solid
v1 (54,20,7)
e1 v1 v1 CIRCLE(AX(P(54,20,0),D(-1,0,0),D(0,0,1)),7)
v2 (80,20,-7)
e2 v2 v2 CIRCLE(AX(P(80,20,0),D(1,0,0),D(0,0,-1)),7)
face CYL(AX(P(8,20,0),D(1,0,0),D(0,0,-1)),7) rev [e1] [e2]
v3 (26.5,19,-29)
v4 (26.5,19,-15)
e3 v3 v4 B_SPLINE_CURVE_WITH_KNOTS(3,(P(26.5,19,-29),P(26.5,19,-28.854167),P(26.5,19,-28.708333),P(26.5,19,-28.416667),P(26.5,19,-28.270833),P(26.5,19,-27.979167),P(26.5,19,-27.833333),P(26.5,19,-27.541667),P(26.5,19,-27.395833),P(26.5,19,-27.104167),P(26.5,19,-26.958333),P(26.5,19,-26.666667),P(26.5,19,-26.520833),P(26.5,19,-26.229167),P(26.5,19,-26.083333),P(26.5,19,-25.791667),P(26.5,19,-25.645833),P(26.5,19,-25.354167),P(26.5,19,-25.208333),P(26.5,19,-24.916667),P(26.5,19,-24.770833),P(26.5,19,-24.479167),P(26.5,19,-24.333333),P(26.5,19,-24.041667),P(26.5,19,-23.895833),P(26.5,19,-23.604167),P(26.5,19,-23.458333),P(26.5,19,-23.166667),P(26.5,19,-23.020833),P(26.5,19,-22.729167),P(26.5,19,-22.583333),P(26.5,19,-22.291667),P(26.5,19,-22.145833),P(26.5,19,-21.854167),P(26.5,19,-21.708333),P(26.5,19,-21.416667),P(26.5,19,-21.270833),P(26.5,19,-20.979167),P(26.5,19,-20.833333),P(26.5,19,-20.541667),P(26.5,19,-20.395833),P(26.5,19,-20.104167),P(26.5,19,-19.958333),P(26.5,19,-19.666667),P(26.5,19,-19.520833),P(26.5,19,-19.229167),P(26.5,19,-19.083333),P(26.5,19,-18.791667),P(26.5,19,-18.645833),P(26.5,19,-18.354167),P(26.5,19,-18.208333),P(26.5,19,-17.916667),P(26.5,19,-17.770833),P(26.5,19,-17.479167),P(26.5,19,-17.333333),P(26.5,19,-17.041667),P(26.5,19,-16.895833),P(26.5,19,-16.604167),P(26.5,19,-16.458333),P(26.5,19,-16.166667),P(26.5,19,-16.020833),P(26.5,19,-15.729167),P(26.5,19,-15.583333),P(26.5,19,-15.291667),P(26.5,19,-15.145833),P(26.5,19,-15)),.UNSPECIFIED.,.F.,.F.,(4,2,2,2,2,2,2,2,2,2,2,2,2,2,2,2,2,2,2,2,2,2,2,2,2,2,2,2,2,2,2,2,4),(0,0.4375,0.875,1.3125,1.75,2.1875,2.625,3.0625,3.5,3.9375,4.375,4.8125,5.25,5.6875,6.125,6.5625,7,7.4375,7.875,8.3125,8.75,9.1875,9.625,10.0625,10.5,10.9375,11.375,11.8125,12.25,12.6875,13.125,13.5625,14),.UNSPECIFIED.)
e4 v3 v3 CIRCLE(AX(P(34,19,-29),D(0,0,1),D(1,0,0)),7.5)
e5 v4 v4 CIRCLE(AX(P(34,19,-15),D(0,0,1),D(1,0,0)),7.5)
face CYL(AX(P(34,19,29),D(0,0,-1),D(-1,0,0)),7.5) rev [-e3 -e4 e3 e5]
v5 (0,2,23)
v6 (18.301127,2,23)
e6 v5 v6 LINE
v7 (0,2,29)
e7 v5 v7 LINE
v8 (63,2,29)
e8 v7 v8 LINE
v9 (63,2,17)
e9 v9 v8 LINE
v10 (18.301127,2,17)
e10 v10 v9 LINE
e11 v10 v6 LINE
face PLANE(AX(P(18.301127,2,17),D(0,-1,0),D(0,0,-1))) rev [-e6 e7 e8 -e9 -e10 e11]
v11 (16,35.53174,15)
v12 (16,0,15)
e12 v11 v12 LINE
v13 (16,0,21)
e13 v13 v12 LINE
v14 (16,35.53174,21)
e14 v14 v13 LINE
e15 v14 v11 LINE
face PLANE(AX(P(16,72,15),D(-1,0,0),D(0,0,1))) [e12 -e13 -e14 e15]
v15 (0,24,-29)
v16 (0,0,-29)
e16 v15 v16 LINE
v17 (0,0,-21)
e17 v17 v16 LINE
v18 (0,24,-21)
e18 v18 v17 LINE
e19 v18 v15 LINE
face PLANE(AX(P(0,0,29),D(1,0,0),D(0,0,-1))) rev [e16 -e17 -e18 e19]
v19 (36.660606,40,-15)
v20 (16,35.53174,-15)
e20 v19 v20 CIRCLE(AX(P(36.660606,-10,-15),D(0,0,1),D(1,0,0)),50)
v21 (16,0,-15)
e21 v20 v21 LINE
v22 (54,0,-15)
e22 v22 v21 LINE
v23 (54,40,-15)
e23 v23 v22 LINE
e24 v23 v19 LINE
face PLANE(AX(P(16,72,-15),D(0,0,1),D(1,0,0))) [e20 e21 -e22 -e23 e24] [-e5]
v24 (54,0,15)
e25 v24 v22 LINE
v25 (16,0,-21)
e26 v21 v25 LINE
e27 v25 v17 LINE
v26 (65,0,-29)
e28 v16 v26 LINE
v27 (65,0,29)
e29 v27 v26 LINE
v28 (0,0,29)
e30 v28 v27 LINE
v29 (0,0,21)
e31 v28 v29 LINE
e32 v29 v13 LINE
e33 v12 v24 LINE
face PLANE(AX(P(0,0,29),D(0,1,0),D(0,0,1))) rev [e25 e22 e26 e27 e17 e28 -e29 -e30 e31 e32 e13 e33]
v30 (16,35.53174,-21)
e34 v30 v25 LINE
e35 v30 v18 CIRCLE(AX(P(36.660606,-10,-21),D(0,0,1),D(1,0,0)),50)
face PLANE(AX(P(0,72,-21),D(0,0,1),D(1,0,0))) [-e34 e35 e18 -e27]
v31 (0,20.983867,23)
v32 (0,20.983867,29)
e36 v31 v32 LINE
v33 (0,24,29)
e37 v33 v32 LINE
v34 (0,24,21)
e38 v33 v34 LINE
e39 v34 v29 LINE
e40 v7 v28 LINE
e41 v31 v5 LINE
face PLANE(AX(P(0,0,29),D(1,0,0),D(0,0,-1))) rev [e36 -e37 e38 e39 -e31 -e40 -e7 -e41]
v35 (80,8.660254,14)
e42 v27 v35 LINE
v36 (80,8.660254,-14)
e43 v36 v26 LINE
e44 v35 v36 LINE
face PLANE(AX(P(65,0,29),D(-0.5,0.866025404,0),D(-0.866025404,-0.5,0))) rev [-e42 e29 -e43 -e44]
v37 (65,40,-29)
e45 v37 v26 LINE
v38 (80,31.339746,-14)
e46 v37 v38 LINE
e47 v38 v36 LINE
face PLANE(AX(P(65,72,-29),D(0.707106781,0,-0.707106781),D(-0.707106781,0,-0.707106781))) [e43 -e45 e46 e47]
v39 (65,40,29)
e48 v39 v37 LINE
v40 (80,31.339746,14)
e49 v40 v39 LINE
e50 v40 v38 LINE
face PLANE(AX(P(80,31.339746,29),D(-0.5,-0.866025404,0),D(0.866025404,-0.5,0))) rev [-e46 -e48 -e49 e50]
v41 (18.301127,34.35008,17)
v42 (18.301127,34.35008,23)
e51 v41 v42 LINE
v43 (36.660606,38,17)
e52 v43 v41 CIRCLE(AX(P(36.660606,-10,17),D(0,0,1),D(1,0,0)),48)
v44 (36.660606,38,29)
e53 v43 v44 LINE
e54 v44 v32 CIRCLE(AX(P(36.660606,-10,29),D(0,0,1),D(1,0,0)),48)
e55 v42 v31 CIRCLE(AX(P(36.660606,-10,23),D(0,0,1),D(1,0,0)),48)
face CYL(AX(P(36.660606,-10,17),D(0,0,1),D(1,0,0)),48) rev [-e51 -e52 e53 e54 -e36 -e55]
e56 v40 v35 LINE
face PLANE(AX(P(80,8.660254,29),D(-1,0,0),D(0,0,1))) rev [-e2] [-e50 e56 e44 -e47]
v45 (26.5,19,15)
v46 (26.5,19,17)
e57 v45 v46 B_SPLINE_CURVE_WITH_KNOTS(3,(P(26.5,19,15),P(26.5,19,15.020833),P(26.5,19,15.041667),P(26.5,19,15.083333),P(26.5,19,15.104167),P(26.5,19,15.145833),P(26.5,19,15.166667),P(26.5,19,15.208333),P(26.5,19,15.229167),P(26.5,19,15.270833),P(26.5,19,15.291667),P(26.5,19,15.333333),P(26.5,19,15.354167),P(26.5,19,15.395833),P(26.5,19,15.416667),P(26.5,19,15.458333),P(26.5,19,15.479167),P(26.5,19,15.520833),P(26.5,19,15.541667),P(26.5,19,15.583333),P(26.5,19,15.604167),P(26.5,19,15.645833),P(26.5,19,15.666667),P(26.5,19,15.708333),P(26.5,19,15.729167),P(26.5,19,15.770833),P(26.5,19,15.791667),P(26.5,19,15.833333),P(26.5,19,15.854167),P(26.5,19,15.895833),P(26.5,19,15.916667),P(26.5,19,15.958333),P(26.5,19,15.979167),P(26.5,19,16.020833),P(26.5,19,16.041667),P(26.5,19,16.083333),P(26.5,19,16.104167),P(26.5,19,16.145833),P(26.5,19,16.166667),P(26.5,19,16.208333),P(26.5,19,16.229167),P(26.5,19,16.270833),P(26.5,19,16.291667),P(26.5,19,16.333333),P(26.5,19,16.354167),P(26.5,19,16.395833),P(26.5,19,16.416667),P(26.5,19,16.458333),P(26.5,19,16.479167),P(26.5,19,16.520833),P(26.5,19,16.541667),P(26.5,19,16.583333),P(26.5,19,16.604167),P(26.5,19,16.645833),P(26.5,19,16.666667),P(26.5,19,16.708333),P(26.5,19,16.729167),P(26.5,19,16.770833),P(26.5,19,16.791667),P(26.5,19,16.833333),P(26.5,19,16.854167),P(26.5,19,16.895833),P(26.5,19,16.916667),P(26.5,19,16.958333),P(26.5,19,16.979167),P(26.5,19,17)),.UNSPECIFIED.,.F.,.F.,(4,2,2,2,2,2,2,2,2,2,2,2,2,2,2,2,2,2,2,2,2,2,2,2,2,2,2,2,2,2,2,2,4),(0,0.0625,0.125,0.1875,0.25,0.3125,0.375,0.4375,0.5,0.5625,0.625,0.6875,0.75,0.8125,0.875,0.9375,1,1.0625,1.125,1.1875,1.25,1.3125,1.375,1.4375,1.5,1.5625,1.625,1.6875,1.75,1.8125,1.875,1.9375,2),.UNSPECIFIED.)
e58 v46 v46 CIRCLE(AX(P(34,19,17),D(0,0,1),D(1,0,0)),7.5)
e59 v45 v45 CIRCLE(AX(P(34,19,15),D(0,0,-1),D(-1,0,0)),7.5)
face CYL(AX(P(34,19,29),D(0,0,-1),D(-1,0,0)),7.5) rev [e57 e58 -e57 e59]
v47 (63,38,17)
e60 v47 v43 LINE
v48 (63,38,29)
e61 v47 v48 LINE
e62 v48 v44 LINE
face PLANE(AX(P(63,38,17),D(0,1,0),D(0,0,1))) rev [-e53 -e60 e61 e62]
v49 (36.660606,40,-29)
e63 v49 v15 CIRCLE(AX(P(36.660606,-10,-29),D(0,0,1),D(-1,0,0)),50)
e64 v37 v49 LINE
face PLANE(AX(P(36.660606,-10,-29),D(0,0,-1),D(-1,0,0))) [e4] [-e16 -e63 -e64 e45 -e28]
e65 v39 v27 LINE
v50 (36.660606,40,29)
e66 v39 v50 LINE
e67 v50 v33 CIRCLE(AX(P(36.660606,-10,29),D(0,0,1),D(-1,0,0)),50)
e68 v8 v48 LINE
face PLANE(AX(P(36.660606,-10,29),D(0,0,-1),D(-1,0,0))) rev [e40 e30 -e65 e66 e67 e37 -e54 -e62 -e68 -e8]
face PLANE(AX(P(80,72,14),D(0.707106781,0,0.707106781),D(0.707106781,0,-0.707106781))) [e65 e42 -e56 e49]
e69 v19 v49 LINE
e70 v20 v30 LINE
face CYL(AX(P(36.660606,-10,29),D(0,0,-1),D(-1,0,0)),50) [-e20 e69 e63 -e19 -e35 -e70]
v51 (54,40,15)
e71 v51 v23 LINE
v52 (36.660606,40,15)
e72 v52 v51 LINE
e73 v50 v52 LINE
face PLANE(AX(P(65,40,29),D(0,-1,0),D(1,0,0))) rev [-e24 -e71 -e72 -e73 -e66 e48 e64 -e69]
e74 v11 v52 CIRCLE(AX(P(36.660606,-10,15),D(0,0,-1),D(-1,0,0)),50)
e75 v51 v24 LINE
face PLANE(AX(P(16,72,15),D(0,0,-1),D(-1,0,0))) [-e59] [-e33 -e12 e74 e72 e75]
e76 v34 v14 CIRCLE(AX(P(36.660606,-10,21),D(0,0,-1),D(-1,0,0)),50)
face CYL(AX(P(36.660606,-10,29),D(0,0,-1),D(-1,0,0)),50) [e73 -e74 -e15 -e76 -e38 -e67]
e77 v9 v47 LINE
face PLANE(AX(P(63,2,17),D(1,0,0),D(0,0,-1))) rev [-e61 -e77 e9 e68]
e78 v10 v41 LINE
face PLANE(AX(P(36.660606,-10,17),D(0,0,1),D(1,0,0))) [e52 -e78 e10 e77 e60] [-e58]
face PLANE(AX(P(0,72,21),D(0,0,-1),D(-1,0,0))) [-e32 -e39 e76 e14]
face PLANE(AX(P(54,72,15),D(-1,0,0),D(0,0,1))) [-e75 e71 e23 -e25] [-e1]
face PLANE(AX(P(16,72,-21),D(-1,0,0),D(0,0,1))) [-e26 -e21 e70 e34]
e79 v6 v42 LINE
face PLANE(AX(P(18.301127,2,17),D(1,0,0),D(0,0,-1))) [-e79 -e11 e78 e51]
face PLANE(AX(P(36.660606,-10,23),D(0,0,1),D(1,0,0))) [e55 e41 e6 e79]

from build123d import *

# Parameters (mm, degrees)
SKETCH1_R           = 7.5
BOSS_EXTRUDE1_DEPTH = 29
CUT_EXTRUDE1_DEPTH  = 72
CUT_EXTRUDE2_DEPTH  = 72
SKETCH4_R           = 7
CUT_EXTRUDE3_DEPTH  = 72
CUT_EXTRUDE11_DEPTH = 12
CUT_EXTRUDE12_DEPTH = 6


with BuildPart() as part:
    # Sketch1 → Boss-Extrude1 (new, symmetric)
    with BuildSketch(Plane.XY):
        with BuildLine():
            Line((0, 0), (65, 0))
            Line((65, 0), (80, 8.660254038))
            Line((80, 8.660254038), (80, 31.339745962))
            Line((80, 31.339745962), (65, 40))
            Line((65, 40), (36.66060556, 40))
            ThreePointArc((36.66060556, 40), (16.66060556, 35.82575695), (0, 24))
            Line((0, 24), (0, 0))
        make_face()
        with Locations(Location((34, 19, 0), (0, 0, 180))):
            Circle(SKETCH1_R, mode=Mode.SUBTRACT)
    extrude(amount=BOSS_EXTRUDE1_DEPTH, both=True)

    # Sketch2 → Cut-Extrude1 (cut)
    with BuildSketch(Plane(origin=(0, 0, 0), x_dir=(1, 0, 0), z_dir=(0, 1, 0))):
        Polygon((0, 21), (16, 21), (16, 15), (54, 15), (54, -15), (16, -15), (16, -21), (0, -21), align=None)
    extrude(amount=CUT_EXTRUDE1_DEPTH, mode=Mode.SUBTRACT)

    # Sketch3 → Cut-Extrude2 (cut)
    with BuildSketch(Plane(origin=(0, 0, 0), x_dir=(1, 0, 0), z_dir=(0, 1, 0))):
        Polygon((80, 29), (65, 29), (80, 14), align=None)
        Polygon((65, -29), (80, -29), (80, -14), align=None)
    extrude(amount=CUT_EXTRUDE2_DEPTH, mode=Mode.SUBTRACT)

    # Sketch4 → Cut-Extrude3 (cut)
    with BuildSketch(Plane(origin=(80, 0, 0), x_dir=(0, 0, -1), z_dir=(1, 0, 0))):
        with Locations((0, 20)):
            Circle(SKETCH4_R)
    extrude(amount=-CUT_EXTRUDE3_DEPTH, mode=Mode.SUBTRACT)

    # Sketch6 → Cut-Extrude11 (cut)
    with BuildSketch(Plane.XY.offset(29)):
        with BuildLine():
            Line((63, 2), (63, 38))
            Line((63, 38), (36.66060556, 38))
            ThreePointArc((36.66060556, 38), (27.30122037, 37.078677858), (18.301127214, 34.350079536))
            Line((18.301127214, 34.350079536), (18.301127214, 2))
            Line((18.301127214, 2), (63, 2))
        make_face()
    extrude(amount=-CUT_EXTRUDE11_DEPTH, mode=Mode.SUBTRACT)

    # Sketch8 → Cut-Extrude12 (cut)
    with BuildSketch(Plane.XY.offset(29)):
        with BuildLine():
            Line((0, 2), (18.301127214, 2))
            Line((18.301127214, 2), (18.301127214, 34.350079536))
            ThreePointArc((18.301127214, 34.350079536), (8.350425073, 28.76252934), (0, 20.98386677))
            Line((0, 20.98386677), (0, 2))
        make_face()
    extrude(amount=-CUT_EXTRUDE12_DEPTH, mode=Mode.SUBTRACT)


solid = part.part
